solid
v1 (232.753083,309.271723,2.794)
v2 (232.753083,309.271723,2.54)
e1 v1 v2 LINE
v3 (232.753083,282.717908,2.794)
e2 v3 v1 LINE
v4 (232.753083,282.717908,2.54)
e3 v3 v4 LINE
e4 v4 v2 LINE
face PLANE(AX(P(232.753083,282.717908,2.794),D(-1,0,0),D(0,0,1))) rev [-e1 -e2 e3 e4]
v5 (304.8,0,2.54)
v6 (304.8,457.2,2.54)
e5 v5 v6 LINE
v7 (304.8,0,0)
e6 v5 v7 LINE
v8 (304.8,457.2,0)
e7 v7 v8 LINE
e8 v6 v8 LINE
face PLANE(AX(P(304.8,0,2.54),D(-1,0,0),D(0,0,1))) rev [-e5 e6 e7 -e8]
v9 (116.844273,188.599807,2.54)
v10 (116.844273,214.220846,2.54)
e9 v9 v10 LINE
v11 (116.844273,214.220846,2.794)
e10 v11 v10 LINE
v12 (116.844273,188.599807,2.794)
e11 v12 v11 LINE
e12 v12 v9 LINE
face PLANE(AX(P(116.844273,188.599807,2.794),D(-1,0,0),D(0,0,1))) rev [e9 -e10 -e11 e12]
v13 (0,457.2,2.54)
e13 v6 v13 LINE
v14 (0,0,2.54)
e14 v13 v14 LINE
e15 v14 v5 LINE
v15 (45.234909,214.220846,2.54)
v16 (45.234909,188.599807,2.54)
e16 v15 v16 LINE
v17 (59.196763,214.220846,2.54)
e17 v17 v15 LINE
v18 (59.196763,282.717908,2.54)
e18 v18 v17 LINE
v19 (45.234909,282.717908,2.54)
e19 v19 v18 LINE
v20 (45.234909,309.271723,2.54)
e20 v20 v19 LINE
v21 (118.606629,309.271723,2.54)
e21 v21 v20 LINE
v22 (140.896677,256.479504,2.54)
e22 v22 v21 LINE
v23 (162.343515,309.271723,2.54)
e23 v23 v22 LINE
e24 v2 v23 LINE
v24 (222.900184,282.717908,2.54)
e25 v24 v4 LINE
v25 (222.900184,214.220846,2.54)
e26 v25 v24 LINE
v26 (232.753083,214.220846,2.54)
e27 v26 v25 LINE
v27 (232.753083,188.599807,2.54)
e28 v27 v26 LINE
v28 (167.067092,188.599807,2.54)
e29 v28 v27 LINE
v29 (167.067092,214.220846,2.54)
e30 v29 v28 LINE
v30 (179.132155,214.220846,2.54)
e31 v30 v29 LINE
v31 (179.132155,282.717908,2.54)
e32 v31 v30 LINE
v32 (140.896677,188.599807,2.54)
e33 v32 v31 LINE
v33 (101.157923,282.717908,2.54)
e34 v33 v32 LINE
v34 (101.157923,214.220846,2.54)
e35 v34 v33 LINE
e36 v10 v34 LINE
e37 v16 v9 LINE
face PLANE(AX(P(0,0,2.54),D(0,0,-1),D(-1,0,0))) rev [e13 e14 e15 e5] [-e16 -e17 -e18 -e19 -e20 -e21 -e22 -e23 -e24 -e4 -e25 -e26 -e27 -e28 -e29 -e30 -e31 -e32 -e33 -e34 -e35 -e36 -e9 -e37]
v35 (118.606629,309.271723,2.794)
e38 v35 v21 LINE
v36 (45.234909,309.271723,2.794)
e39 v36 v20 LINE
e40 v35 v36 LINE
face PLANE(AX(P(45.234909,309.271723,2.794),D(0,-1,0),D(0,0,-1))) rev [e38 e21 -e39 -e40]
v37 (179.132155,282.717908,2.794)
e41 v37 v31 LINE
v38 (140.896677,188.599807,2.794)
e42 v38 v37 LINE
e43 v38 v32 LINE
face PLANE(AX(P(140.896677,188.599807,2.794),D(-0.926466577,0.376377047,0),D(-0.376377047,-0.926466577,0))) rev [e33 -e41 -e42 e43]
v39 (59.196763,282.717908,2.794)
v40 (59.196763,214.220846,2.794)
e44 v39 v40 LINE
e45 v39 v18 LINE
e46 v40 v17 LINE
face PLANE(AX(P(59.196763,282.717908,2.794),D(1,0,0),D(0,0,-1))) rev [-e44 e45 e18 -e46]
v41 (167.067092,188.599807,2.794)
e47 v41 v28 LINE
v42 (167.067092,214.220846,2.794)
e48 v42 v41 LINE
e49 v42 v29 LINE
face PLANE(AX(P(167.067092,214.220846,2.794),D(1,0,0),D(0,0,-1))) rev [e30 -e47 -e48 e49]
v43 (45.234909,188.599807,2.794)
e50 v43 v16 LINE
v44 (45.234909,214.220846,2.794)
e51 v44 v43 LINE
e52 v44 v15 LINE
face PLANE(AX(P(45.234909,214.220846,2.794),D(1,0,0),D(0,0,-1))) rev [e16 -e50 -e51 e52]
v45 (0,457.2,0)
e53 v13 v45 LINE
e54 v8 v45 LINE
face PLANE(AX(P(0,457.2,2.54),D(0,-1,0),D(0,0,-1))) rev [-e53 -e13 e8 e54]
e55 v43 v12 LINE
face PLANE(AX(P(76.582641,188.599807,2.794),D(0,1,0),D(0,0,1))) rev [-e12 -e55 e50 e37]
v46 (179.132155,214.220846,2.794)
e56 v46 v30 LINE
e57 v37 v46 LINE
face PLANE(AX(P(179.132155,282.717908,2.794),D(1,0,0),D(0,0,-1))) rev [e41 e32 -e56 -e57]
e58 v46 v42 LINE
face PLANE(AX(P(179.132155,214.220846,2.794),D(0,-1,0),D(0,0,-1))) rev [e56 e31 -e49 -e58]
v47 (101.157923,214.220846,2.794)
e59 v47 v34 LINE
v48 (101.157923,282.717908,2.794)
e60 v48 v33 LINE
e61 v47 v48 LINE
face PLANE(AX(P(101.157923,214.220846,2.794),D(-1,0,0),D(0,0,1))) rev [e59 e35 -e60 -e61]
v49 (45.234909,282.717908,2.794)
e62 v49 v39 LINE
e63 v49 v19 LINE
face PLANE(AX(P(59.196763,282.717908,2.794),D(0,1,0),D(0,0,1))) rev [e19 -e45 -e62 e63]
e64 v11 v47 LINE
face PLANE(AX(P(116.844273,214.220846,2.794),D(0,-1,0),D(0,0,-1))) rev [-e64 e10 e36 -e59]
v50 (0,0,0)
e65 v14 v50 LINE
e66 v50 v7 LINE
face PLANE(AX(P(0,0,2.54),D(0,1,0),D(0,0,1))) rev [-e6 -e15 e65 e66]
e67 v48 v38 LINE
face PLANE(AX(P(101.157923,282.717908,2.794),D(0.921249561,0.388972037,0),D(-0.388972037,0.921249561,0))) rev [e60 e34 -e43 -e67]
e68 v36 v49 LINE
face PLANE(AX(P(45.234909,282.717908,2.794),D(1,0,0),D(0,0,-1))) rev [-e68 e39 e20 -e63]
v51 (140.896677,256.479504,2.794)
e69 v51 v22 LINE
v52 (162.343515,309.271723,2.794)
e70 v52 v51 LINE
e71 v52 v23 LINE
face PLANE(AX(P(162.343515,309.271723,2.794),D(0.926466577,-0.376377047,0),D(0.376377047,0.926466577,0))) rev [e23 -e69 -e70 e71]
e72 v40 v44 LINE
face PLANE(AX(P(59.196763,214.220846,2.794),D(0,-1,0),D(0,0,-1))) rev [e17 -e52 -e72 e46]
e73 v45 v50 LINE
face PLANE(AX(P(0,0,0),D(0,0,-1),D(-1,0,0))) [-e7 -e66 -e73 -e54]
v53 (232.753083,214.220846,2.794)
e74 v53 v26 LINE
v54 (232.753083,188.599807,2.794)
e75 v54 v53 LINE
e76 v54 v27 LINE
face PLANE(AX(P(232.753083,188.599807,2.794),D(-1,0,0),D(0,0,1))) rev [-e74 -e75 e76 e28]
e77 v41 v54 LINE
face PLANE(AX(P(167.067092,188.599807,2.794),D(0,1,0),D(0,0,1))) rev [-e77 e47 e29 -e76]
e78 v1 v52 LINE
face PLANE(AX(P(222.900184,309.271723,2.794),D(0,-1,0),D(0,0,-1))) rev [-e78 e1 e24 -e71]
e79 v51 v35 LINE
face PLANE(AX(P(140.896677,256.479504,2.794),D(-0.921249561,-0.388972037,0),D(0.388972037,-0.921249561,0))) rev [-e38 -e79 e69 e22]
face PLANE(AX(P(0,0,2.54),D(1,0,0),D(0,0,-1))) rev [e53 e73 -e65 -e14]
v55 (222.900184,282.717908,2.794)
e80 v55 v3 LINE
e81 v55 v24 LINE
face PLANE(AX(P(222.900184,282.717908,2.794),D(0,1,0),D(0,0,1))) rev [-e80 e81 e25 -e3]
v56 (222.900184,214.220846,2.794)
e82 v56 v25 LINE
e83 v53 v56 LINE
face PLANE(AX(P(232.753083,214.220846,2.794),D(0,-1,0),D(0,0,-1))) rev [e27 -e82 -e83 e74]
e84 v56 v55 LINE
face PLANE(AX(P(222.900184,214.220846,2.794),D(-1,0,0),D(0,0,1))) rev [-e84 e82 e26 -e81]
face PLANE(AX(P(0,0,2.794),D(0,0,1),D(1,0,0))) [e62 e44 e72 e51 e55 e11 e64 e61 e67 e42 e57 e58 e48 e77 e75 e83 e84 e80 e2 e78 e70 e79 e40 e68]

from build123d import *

# Parameters (mm, degrees)
SKETCH1_W           = 304.8
SKETCH1_H           = 457.2
BOSS_EXTRUDE1_DEPTH = 2.54
BOSS_EXTRUDE2_DEPTH = 0.254


with BuildPart() as part:
    # Sketch1 → Boss-Extrude1 (new body)
    with BuildSketch(Plane.XY):
        with Locations((152.4, 228.6)):
            Rectangle(SKETCH1_W, SKETCH1_H)
    extrude(amount=BOSS_EXTRUDE1_DEPTH)

    # Sketch2 → Boss-Extrude2 (add)
    with BuildSketch(Plane.XY.offset(2.54)):
        Polygon((76.582640735, 188.599807008), (116.844272896, 188.599807008), (116.844272896, 214.220845657), (101.157922704, 214.220845657), (101.157922704, 282.717908165), (140.896676525, 188.599807008), (179.13215512, 282.717908165), (179.13215512, 214.220845657), (167.067091951, 214.220845657), (167.067091951, 188.599807008), (232.753082879, 188.599807008), (232.753082879, 214.220845657), (222.900184239, 214.220845657), (222.900184239, 282.717908165), (232.753082879, 282.717908165), (232.753082879, 309.27172291), (222.900184239, 309.27172291), (162.34351535, 309.27172291), (140.896676525, 256.479504264), (118.606628652, 309.27172291), (59.196762562, 309.27172291), (45.234909284, 309.27172291), (45.234909284, 282.717908165), (59.196762562, 282.717908165), (59.196762562, 214.220845657), (45.234909284, 214.220845657), (45.234909284, 188.599807008), align=None)
    extrude(amount=BOSS_EXTRUDE2_DEPTH)


solid = part.part
